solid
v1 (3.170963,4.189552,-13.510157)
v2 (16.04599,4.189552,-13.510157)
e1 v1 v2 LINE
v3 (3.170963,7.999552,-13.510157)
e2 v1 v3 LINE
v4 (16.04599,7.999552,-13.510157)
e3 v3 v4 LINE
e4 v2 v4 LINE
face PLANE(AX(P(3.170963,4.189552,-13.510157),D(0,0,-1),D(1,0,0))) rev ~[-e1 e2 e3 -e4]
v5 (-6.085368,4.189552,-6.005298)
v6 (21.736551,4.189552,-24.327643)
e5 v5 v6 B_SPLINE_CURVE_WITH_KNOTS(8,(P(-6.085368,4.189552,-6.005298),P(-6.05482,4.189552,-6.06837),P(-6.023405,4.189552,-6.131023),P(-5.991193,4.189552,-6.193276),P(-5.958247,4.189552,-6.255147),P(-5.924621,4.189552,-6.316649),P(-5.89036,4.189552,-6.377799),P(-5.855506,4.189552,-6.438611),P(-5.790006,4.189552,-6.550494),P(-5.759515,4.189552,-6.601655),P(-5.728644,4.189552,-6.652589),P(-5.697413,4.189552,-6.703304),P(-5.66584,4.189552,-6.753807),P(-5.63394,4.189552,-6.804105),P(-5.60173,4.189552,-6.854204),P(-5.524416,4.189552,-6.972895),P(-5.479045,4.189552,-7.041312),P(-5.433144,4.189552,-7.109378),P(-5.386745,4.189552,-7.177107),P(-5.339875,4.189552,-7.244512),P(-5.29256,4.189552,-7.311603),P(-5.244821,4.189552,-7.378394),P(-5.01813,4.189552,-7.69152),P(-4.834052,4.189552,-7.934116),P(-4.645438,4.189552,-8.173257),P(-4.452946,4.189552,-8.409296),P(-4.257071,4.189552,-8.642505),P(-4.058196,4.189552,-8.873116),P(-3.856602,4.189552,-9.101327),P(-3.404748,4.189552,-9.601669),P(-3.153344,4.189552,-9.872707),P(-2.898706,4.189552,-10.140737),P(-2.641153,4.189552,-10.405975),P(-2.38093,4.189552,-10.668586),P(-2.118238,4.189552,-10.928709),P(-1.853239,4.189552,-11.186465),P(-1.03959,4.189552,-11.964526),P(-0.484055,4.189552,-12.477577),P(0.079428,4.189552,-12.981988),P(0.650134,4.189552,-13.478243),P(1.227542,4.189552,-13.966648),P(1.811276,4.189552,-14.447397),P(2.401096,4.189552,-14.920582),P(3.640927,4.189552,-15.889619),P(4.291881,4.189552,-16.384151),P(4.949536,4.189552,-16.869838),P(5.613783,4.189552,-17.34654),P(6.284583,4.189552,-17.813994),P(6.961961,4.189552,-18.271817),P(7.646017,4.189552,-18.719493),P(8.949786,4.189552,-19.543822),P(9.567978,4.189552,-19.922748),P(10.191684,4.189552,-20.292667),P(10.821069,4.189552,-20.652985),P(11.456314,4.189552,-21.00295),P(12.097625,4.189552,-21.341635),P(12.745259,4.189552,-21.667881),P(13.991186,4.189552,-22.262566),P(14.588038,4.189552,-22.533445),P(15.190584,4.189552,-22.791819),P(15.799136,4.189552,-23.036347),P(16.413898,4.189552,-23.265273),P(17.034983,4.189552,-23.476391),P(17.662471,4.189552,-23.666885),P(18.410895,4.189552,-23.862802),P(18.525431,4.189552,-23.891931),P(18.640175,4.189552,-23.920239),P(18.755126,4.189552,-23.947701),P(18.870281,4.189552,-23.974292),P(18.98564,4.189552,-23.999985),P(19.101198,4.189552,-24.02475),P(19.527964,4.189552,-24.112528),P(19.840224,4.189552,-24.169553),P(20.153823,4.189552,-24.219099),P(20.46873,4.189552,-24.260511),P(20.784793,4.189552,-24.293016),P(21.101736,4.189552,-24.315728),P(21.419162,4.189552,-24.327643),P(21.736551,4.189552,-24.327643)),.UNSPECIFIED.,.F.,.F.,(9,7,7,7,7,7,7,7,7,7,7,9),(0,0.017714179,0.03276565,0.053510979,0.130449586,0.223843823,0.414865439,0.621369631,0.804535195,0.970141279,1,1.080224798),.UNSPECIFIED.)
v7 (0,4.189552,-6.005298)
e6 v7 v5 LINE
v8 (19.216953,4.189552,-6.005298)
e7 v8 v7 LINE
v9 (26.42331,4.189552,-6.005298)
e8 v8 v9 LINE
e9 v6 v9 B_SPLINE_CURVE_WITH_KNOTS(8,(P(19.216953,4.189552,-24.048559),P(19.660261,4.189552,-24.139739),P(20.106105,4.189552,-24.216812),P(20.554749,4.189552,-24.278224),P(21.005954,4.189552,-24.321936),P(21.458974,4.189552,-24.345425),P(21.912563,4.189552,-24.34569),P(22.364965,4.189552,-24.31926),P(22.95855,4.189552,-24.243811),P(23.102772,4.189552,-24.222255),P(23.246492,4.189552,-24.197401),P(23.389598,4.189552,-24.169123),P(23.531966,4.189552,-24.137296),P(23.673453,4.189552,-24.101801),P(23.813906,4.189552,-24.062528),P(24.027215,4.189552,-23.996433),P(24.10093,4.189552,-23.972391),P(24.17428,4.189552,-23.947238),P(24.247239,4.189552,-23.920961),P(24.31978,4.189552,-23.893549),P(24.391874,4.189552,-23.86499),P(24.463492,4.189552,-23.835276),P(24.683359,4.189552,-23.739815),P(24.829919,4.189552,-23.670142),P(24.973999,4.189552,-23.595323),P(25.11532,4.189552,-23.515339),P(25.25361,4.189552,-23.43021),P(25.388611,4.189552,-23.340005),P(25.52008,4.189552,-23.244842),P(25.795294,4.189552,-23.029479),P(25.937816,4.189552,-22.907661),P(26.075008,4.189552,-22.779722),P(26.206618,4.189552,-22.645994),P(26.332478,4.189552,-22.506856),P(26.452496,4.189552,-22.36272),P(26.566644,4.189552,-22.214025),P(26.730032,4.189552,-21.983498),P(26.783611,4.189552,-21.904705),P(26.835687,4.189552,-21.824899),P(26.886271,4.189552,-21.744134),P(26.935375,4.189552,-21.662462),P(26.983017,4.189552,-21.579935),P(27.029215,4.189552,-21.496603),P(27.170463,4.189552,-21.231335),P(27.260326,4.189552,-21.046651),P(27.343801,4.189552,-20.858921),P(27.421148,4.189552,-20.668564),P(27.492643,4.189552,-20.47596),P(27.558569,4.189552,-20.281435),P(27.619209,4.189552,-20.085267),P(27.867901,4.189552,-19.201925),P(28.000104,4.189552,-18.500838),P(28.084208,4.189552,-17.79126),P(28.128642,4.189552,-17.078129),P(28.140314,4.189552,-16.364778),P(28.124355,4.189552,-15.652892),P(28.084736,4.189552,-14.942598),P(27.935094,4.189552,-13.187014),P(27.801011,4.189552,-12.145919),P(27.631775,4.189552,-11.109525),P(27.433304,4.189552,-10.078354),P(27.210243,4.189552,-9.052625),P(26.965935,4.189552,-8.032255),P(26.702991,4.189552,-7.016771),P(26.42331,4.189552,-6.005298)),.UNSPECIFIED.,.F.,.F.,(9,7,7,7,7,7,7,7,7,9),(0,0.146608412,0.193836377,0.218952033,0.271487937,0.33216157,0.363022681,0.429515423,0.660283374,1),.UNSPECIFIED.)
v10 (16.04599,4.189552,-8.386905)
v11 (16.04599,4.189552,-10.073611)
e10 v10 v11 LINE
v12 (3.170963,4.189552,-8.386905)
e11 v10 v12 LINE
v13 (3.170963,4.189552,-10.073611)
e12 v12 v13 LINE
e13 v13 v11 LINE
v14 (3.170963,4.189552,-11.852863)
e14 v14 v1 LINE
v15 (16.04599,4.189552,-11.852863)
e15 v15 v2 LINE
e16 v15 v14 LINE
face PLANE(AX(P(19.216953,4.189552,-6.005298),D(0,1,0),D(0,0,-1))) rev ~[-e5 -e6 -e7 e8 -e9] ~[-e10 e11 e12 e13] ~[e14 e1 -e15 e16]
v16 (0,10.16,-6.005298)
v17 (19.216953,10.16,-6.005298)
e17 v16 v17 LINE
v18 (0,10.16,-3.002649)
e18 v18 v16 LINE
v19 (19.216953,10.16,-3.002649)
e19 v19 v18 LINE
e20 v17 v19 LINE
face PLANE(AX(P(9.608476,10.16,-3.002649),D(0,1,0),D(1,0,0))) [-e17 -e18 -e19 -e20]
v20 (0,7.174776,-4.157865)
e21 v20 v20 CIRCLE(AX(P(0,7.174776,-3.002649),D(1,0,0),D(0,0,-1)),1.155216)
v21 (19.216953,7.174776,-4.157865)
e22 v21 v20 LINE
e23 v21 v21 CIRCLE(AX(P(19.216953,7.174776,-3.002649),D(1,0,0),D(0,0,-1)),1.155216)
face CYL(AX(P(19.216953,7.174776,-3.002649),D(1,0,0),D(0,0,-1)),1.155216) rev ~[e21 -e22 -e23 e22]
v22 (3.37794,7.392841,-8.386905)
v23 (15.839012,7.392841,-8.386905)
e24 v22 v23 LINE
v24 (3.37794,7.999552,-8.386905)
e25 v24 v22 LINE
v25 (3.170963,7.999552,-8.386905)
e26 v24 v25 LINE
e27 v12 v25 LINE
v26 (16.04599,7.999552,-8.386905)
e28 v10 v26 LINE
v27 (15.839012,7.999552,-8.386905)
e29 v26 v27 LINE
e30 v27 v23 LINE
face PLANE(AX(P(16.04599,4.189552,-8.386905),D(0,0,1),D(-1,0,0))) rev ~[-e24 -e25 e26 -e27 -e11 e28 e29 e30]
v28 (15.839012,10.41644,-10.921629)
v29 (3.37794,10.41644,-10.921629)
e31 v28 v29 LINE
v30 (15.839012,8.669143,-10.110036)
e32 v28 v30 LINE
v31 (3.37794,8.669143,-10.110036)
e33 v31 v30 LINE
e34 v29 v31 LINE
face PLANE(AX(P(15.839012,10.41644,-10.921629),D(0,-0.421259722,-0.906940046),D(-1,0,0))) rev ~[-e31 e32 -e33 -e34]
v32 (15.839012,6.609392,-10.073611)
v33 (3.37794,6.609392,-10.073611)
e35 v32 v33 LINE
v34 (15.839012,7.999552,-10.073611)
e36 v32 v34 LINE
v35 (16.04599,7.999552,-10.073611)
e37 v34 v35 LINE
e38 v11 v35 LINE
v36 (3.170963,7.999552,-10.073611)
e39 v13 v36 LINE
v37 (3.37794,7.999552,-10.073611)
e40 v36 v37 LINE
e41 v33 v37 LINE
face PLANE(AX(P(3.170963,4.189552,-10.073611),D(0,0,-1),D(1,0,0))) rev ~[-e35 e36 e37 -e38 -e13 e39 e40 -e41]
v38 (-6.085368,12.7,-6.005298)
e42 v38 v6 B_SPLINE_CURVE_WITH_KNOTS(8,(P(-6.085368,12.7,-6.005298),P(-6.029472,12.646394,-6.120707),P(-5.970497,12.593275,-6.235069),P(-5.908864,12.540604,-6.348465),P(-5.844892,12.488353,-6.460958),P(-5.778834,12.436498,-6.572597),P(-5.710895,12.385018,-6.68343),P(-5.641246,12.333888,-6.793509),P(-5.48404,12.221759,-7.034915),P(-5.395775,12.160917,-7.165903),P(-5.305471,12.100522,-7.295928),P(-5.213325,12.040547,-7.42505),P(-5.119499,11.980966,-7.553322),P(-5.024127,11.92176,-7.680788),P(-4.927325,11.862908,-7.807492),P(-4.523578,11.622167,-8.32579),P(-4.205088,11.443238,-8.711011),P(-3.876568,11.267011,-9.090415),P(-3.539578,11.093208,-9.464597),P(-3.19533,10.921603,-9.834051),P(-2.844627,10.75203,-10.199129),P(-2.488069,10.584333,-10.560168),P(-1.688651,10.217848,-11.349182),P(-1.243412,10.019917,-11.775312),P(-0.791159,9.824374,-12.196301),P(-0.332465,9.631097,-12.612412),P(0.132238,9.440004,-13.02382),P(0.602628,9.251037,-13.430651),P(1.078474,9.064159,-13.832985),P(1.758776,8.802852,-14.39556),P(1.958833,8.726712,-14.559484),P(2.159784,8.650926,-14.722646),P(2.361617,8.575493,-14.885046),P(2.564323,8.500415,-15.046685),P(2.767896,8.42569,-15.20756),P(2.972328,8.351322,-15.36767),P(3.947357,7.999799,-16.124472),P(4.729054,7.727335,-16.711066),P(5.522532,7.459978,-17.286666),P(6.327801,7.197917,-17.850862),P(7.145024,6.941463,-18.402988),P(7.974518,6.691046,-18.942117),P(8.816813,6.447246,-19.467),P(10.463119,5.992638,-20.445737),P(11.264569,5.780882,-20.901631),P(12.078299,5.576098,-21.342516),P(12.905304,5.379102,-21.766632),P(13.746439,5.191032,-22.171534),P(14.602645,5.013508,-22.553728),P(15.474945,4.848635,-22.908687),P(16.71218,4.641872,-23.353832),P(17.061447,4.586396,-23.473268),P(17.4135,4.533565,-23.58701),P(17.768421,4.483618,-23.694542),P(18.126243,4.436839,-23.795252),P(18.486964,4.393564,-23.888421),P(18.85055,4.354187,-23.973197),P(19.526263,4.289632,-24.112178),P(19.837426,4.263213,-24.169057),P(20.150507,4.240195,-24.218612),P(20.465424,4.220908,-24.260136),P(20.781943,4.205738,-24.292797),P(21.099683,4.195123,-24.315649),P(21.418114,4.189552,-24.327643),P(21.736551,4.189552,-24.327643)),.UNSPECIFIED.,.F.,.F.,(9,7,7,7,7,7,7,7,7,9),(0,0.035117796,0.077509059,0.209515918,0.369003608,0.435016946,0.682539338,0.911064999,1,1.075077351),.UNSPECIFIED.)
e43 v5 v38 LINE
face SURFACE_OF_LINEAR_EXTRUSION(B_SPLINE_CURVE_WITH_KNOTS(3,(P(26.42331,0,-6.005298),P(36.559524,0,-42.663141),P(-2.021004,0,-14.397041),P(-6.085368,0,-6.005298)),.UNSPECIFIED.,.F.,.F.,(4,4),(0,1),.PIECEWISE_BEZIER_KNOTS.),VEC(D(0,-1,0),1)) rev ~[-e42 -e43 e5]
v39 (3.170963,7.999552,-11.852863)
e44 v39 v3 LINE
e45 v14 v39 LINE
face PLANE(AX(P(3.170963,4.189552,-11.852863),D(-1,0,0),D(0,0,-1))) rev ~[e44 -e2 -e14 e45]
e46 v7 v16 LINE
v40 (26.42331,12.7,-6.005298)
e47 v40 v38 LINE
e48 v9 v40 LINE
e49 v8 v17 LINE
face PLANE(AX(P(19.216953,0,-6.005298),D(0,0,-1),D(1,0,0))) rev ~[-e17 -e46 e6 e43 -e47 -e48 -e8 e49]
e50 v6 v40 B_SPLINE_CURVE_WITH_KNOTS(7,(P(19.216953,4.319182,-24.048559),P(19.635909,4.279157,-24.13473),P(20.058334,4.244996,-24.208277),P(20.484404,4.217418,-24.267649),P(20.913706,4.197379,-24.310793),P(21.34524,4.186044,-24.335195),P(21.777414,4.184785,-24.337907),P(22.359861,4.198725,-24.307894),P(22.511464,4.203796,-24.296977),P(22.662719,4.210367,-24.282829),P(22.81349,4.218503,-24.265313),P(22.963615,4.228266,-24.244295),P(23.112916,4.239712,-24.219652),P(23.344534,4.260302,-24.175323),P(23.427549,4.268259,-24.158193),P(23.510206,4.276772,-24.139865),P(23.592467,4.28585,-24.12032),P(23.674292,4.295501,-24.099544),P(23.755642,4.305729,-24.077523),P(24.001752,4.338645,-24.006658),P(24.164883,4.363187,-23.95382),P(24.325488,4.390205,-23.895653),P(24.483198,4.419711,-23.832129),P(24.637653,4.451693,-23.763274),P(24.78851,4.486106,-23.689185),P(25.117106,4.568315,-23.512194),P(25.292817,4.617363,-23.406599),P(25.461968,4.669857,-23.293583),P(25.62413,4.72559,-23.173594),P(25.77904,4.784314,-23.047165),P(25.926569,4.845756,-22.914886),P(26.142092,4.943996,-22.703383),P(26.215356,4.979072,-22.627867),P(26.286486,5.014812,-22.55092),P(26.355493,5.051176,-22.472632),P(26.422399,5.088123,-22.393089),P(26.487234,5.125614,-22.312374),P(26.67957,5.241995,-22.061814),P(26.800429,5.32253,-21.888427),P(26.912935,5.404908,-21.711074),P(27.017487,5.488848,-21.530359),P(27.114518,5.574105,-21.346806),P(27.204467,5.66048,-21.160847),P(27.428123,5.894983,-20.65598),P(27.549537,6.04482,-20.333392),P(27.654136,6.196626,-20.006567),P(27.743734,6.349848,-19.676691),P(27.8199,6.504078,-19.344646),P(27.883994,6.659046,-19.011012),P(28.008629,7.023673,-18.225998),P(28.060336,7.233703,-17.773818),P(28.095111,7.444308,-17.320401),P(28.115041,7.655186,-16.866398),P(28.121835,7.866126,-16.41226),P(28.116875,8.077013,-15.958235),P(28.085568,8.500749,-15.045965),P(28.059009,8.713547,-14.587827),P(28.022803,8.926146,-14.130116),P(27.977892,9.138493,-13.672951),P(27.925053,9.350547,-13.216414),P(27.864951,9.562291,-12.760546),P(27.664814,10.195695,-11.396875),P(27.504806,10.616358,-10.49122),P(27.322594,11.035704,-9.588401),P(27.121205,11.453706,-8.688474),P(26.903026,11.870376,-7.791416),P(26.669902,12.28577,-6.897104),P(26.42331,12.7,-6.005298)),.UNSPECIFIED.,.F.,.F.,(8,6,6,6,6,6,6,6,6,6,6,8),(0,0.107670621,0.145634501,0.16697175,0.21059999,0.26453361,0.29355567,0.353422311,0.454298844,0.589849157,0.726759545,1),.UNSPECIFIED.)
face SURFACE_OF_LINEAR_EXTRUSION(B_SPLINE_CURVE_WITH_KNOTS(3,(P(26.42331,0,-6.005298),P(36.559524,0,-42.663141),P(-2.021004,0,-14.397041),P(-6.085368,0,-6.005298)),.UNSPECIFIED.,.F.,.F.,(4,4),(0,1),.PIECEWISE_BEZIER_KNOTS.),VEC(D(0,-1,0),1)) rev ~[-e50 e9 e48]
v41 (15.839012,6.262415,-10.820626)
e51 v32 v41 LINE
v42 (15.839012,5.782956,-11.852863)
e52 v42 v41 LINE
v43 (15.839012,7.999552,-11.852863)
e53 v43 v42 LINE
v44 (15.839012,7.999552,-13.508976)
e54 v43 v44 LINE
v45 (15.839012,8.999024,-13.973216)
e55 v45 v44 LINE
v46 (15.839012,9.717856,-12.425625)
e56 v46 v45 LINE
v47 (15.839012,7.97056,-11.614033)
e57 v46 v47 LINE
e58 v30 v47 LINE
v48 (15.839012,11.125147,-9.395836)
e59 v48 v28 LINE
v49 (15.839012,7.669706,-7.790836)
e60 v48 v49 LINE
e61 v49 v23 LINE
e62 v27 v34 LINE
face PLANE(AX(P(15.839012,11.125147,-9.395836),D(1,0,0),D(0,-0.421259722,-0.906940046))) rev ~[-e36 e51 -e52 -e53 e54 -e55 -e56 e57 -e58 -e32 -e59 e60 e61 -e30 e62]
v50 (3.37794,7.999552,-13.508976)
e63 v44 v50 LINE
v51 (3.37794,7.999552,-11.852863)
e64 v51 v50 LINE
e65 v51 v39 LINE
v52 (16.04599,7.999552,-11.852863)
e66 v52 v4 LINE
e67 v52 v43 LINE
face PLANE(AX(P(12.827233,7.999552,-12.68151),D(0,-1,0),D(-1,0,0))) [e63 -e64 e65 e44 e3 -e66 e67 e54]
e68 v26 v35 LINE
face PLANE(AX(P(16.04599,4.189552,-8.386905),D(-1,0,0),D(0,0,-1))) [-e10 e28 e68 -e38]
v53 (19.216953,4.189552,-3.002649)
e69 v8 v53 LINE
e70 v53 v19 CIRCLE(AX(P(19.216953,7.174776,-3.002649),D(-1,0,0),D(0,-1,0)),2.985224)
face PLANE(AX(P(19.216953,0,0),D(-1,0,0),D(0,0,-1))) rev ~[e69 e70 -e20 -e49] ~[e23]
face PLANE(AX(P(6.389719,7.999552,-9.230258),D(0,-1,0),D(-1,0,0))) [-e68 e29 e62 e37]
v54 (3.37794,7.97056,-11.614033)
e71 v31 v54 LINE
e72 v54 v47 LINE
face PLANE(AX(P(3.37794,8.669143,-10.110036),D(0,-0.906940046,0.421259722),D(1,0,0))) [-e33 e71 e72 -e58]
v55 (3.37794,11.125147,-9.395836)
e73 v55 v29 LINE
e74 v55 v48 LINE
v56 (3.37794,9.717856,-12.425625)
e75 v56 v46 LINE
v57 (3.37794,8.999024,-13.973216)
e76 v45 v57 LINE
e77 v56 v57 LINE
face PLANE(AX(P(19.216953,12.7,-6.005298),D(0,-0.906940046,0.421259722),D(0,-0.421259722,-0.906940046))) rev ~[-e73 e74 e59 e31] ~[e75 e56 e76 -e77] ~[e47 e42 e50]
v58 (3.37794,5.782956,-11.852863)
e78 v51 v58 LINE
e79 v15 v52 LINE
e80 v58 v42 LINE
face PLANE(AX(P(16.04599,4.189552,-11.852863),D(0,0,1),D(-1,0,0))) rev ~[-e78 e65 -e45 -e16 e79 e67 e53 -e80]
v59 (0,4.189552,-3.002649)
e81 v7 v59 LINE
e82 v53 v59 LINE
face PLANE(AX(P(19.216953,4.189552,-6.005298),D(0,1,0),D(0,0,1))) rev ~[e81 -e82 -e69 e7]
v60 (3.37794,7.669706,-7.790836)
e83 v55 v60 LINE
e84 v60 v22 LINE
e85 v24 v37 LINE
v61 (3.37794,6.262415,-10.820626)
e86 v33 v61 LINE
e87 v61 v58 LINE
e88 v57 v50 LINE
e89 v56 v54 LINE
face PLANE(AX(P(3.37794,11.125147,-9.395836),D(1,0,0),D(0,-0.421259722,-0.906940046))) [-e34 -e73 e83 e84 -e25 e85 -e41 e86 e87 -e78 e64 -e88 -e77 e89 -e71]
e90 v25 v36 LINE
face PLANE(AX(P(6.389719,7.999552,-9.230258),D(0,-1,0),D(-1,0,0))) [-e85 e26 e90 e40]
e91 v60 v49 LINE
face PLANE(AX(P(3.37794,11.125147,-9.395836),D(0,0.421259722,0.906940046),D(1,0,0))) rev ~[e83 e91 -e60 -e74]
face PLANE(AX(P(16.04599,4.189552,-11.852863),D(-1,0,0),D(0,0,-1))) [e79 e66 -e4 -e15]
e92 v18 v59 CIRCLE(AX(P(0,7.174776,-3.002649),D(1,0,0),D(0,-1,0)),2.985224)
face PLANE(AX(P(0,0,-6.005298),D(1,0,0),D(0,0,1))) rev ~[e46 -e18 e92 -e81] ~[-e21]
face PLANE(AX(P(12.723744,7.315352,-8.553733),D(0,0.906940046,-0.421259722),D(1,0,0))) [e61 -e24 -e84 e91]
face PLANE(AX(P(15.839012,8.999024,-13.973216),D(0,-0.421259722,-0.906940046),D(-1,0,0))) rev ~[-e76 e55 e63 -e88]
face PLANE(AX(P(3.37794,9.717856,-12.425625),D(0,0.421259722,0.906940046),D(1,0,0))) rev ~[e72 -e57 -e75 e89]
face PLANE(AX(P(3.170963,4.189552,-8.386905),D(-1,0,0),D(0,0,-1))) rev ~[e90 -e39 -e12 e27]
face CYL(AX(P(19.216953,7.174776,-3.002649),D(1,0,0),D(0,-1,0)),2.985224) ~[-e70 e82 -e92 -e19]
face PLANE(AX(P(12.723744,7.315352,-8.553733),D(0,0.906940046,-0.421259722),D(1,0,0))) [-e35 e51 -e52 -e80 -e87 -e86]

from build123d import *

# Parameters (mm, degrees)
BOSS_EXTRUDE1_DEPTH     = 12.7
SKETCH2_W               = 19.216952518
SKETCH2_H               = 6.005297662
CUT_EXTRUDE1_DEPTH      = 2.54
SKETCH3_W               = 18.322345719
SKETCH3_H               = 4.189551825
SKETCH3_R               = 1.155216028
CUT_EXTRUDE2_DEPTH      = 11.684
CUT_EXTRUDE2_DEPTH_BACK = 26.924
SKETCH4_W               = 6.230536122
SKETCH4_H               = 1.706386664
SKETCH4_W_2             = 6.230536121
SKETCH4_H_2             = 1.682353049
CUT_EXTRUDE4_DEPTH      = 3.81
SKETCH5_W               = 12.461072243
SKETCH5_H               = 1.883415491
CUT_EXTRUDE5_DEPTH      = 2.54
SKETCH6_W               = 6.43751361
SKETCH6_H               = 1.686706137
SKETCH6_H_2             = 1.657293844
CUT_EXTRUDE6_DEPTH      = 1.0000001
CUT_EXTRUDE6_DEPTH_BACK = 3.81


with BuildPart() as part:
    # Sketch1 → Boss-Extrude1 (new body)
    with BuildSketch(Plane(origin=(0, 0, 0), x_dir=(1, 0, 0), z_dir=(0, 1, 0))):
        with BuildLine():
            Line((0, 0), (19.216952518, 0))
            Line((19.216952518, 0), (19.216952518, 6.005297662))
            Line((19.216952518, 6.005297662), (26.423309712, 6.005297662))
            add(Edge.make_bspline(
                [(26.423309712, 6.005297662), (36.55952446, 42.663140535), (-2.021004002, 14.397041287), (-6.085368297, 6.005297662)],
                knots=[0, 0, 0, 0, 1, 1, 1, 1], degree=3))
            Line((-6.085368297, 6.005297662), (0, 6.005297662))
            Line((0, 6.005297662), (0, 0))
        make_face()
    extrude(amount=BOSS_EXTRUDE1_DEPTH)

    # Sketch2 → Cut-Extrude1 (cut)
    with BuildSketch(Plane(origin=(0, 12.7, 0), x_dir=(1, 0, 0), z_dir=(0, 1, 0))):
        with Locations((9.608476259, 3.002648831)):
            Rectangle(SKETCH2_W, SKETCH2_H)
    extrude(amount=-CUT_EXTRUDE1_DEPTH, mode=Mode.SUBTRACT)

    # Sketch3 → Cut-Extrude2 (cut, two sides)
    with BuildSketch(Plane(origin=(19.216952518, 0, 0), x_dir=(0, 0, -1), z_dir=(1, 0, 0))) as cut_extrude2_sk:
        Polygon((24.327643381, 12.7), (6.005297662, 12.7), (24.327643381, 4.189551825), align=None)
        with Locations((15.166470522, 2.094775913)):
            Rectangle(SKETCH3_W, SKETCH3_H)
        Polygon((3.002648831, 4.189551825), (0, 4.189551825), (0, 0), (6.005297662, 0), (6.005297662, 4.189551825), align=None)
        with BuildLine():
            Line((3.002648831, 10.16), (0, 10.16))
            Line((0, 10.16), (0, 4.189551825))
            Line((0, 4.189551825), (3.002648831, 4.189551825))
            ThreePointArc((3.002648831, 4.189551825), (0.017424743, 7.174775912), (3.002648831, 10.16))
        make_face()
        with Locations((3.002648831, 7.174775912)):
            Circle(SKETCH3_R)
    extrude(amount=CUT_EXTRUDE2_DEPTH, mode=Mode.SUBTRACT)
    extrude(cut_extrude2_sk.sketch, amount=-CUT_EXTRUDE2_DEPTH_BACK, mode=Mode.SUBTRACT)

    # Sketch4 → Cut-Extrude4 (cut)
    with BuildSketch(Plane(origin=(0, 12.740629014, -5.917826495), x_dir=(1, 0, 0), z_dir=(0, 0.906940046, -0.421259722))):
        with Locations((6.493208198, 8.028748928)):
            Rectangle(SKETCH4_W, SKETCH4_H)
        with Locations((12.72374432, 8.028748928)):
            Rectangle(SKETCH4_W_2, SKETCH4_H)
        with Locations((12.72374432, 4.676059638)):
            Rectangle(SKETCH4_W_2, SKETCH4_H_2)
        with Locations((6.493208198, 4.676059638)):
            Rectangle(SKETCH4_W, SKETCH4_H_2)
    extrude(amount=-CUT_EXTRUDE4_DEPTH, mode=Mode.SUBTRACT)

    # Sketch5 → Cut-Extrude5 (cut)
    with BuildSketch(Plane(origin=(0, -2.32418937, -5.003802419), x_dir=(1, 0, 0), z_dir=(0, 0.421259722, 0.906940046))):
        with Locations((9.608476259, 11.179636351)):
            Rectangle(SKETCH5_W, SKETCH5_H)
    extrude(amount=-CUT_EXTRUDE5_DEPTH, mode=Mode.SUBTRACT)

    # Sketch6 → Cut-Extrude6 (cut, two sides)
    with BuildSketch(Plane(origin=(0, 4.189551825, 0), x_dir=(-1, 0, 0), z_dir=(0, -1, 0))) as cut_extrude6_sk:
        with Locations((-6.389719454, 9.230258043)):
            Rectangle(SKETCH6_W, SKETCH6_H)
        with Locations((-12.827233064, 9.230258043)):
            Rectangle(SKETCH6_W, SKETCH6_H)
        with Locations((-12.827233064, 12.681510307)):
            Rectangle(SKETCH6_W, SKETCH6_H_2)
        with Locations((-6.389719454, 12.681510307)):
            Rectangle(SKETCH6_W, SKETCH6_H_2)
    extrude(amount=CUT_EXTRUDE6_DEPTH, mode=Mode.SUBTRACT)
    extrude(cut_extrude6_sk.sketch, amount=-CUT_EXTRUDE6_DEPTH_BACK, mode=Mode.SUBTRACT)


solid = part.part
